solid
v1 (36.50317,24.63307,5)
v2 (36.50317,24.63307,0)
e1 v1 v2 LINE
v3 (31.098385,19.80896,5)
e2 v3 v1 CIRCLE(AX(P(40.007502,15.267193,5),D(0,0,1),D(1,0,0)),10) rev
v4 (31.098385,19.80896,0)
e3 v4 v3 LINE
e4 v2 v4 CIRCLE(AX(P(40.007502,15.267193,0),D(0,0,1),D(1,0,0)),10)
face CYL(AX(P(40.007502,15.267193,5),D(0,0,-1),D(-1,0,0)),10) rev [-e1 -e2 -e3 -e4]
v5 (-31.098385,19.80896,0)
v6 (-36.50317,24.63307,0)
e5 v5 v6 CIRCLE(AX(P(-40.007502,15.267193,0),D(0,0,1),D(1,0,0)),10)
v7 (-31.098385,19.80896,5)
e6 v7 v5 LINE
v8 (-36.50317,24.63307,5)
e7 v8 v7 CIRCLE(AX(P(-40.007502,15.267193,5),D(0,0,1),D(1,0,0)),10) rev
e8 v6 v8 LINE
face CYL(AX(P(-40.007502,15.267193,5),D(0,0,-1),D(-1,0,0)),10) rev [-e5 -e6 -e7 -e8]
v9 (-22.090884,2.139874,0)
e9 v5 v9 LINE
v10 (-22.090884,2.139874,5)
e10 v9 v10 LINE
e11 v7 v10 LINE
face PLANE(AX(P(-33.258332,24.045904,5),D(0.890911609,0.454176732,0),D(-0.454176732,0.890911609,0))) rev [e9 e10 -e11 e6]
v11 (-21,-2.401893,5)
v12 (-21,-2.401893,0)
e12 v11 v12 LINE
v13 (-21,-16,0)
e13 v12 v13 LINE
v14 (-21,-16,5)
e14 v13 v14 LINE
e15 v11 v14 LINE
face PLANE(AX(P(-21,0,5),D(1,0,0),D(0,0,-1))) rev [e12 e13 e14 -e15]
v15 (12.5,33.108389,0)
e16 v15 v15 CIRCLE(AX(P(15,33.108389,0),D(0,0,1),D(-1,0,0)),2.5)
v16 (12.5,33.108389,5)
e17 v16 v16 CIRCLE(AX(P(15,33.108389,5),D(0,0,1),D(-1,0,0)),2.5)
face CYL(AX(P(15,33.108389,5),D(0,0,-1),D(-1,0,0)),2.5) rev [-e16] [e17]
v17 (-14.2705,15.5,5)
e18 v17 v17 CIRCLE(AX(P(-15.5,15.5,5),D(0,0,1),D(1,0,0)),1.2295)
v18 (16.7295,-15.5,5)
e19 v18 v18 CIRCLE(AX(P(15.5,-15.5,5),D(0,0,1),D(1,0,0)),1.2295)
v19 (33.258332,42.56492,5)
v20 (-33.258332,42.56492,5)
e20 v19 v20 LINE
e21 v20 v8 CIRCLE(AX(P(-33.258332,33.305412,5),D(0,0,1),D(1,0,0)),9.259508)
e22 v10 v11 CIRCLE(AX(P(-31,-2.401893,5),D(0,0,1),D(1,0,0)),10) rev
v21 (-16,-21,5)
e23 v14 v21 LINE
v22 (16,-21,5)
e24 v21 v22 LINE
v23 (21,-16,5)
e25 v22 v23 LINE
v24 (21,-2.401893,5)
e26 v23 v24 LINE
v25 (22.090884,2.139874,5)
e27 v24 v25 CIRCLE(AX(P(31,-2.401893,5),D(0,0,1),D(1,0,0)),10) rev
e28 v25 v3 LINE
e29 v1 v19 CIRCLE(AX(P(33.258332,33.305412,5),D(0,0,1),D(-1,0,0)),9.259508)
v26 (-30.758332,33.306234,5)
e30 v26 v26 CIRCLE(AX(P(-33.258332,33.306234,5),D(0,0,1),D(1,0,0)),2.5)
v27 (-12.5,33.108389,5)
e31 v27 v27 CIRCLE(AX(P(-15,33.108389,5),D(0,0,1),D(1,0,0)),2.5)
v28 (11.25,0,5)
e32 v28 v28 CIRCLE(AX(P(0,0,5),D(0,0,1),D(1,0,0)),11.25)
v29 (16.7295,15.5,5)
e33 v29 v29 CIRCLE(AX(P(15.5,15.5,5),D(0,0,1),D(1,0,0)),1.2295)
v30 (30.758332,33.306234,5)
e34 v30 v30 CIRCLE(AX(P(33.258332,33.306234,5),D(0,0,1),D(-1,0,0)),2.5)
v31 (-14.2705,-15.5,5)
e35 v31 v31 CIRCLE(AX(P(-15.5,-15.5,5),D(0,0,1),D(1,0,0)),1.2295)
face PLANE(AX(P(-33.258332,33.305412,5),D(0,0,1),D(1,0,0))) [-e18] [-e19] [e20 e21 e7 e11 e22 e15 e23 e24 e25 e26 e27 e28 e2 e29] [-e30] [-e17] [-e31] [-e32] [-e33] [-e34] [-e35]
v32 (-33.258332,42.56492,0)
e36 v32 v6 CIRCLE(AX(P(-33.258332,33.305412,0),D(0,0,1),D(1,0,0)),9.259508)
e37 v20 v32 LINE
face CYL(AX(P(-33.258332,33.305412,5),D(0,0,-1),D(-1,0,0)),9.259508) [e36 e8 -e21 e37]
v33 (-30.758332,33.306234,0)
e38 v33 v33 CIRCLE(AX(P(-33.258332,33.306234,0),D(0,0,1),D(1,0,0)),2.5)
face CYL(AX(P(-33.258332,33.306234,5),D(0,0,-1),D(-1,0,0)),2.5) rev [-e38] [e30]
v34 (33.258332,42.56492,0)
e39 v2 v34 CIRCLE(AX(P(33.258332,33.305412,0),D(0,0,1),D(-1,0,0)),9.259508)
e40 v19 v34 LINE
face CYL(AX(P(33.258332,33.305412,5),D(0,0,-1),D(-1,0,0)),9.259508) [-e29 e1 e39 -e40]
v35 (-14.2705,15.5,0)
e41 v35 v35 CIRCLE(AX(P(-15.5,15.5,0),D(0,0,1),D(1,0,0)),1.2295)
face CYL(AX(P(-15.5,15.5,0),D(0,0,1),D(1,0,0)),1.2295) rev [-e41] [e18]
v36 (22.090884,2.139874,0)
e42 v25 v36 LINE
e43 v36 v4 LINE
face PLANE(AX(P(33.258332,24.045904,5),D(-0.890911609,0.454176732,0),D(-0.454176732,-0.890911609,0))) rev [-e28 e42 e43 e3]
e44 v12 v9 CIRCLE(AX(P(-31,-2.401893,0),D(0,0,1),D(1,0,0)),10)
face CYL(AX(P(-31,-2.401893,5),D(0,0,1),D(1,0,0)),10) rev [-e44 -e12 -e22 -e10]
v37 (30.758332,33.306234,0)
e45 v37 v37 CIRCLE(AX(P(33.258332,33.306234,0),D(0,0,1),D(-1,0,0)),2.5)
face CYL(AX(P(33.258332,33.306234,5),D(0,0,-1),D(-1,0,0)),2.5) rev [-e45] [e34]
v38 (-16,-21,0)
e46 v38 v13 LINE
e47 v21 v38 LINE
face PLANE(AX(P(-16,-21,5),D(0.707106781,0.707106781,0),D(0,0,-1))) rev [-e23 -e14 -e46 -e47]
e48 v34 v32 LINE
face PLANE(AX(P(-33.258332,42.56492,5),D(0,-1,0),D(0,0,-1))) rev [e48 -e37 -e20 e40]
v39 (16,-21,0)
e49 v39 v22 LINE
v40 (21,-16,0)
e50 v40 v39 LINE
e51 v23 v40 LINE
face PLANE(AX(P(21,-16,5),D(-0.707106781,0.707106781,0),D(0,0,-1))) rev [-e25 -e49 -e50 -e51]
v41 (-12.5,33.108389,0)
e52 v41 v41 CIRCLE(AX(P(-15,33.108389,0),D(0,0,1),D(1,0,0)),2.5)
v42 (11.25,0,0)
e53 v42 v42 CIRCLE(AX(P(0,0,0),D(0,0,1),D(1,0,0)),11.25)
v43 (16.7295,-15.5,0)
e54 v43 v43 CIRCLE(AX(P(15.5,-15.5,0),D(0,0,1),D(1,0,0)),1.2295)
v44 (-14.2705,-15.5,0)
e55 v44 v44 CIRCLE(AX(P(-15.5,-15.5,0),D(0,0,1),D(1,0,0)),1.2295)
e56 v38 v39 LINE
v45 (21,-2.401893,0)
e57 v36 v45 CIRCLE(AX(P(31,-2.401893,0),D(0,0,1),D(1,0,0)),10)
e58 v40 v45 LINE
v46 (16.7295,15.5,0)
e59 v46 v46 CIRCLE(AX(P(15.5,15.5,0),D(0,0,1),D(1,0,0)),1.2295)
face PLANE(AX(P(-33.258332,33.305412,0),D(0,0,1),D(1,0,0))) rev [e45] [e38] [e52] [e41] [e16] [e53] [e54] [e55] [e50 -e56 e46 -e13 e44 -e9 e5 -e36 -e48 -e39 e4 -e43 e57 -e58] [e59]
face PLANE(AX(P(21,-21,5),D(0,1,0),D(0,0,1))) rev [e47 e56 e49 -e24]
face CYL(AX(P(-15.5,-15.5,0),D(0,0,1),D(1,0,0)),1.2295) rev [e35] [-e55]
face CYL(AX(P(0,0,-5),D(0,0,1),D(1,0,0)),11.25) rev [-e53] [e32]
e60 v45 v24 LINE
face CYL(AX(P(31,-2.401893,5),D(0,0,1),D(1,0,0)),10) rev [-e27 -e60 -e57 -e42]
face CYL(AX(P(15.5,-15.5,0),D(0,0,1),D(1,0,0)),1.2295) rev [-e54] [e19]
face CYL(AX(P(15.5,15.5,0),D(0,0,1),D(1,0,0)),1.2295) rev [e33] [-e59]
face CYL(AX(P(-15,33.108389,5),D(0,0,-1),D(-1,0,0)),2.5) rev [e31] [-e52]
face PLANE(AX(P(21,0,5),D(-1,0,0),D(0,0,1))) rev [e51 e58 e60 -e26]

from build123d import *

# Parameters (mm, degrees)
ESQUISSE1_R             = 7.48734248
ESQUISSE1_R_2           = 2.5
BOSS_EXTRU_1_DEPTH      = 5
ESQUISSE2_R             = 1.2295
ENL_V_MAT_EXTRU_1_DEPTH = 5
CONG_2_R                = 10
CONG_3_R                = 10
ESQUISSE3_R             = 11.25
ENL_V_MAT_EXTRU_2_DEPTH = 10
CHANFREIN1_SIZE         = 5


with BuildPart() as part:
    # Esquisse1 → Boss.-Extru.1 (new body)
    with BuildSketch(Plane.XY):
        with BuildLine():
            Line((-33.258331918, 42.564920159), (33.258331918, 42.564920159))
            ThreePointArc((33.258331918, 42.564920159), (42.517839876, 33.305412201), (33.258331918, 24.045904244))
            Line((33.258331918, 24.045904244), (21, 0))
            Line((21, 0), (21, -21))
            Line((21, -21), (-21, -21))
            Line((-21, -21), (-21, 0))
            Line((-21, 0), (-33.258331918, 24.045904244))
            ThreePointArc((-33.258331918, 24.045904244), (-42.517839876, 33.305412201), (-33.258331918, 42.564920159))
        make_face()
        Circle(ESQUISSE1_R, mode=Mode.SUBTRACT)
        with Locations((-33.258331918, 33.306233754)):
            Circle(ESQUISSE1_R_2, mode=Mode.SUBTRACT)
        with Locations(Location((33.258331918, 33.306233754, 0), (0, 0, 180))):
            Circle(ESQUISSE1_R_2, mode=Mode.SUBTRACT)
        with Locations((-15, 33.108389008)):
            Circle(ESQUISSE1_R_2, mode=Mode.SUBTRACT)
        with Locations(Location((15, 33.108389008, 0), (0, 0, 180))):
            Circle(ESQUISSE1_R_2, mode=Mode.SUBTRACT)
    extrude(amount=BOSS_EXTRU_1_DEPTH)

    # Esquisse2 → Enlèv. mat.-Extru.1 (cut)
    with BuildSketch(Plane.XY.offset(5)):
        with Locations((-15.5, 15.5)):
            Circle(ESQUISSE2_R)
        with Locations((15.5, 15.5)):
            Circle(ESQUISSE2_R)
        with Locations((-15.5, -15.5)):
            Circle(ESQUISSE2_R)
        with Locations((15.5, -15.5)):
            Circle(ESQUISSE2_R)
    extrude(amount=-ENL_V_MAT_EXTRU_1_DEPTH, mode=Mode.SUBTRACT)

    # Congé2
    cong_2_edges = [part.edges().sort_by_distance(p)[0] for p in [
        (-21, 0, 2.5),
        (21, 0, 2.5),
    ]]
    fillet(cong_2_edges, radius=CONG_2_R)

    # Congé3
    cong_3_edges = [part.edges().sort_by_distance(p)[0] for p in [
        (-33.258331918, 24.045904244, 2.5),
        (33.258331918, 24.045904244, 2.5),
    ]]
    fillet(cong_3_edges, radius=CONG_3_R)

    # Esquisse3 → Enlèv. mat.-Extru.2 (cut)
    with BuildSketch(Plane.XY.offset(5)):
        Circle(ESQUISSE3_R)
    extrude(amount=-ENL_V_MAT_EXTRU_2_DEPTH, mode=Mode.SUBTRACT)

    # Chanfrein1
    chanfrein1_edges = [part.edges().sort_by_distance(p)[0] for p in [
        (21, -21, 2.5),
        (-21, -21, 2.5),
    ]]
    chamfer(chanfrein1_edges, length=CHANFREIN1_SIZE)


solid = part.part
